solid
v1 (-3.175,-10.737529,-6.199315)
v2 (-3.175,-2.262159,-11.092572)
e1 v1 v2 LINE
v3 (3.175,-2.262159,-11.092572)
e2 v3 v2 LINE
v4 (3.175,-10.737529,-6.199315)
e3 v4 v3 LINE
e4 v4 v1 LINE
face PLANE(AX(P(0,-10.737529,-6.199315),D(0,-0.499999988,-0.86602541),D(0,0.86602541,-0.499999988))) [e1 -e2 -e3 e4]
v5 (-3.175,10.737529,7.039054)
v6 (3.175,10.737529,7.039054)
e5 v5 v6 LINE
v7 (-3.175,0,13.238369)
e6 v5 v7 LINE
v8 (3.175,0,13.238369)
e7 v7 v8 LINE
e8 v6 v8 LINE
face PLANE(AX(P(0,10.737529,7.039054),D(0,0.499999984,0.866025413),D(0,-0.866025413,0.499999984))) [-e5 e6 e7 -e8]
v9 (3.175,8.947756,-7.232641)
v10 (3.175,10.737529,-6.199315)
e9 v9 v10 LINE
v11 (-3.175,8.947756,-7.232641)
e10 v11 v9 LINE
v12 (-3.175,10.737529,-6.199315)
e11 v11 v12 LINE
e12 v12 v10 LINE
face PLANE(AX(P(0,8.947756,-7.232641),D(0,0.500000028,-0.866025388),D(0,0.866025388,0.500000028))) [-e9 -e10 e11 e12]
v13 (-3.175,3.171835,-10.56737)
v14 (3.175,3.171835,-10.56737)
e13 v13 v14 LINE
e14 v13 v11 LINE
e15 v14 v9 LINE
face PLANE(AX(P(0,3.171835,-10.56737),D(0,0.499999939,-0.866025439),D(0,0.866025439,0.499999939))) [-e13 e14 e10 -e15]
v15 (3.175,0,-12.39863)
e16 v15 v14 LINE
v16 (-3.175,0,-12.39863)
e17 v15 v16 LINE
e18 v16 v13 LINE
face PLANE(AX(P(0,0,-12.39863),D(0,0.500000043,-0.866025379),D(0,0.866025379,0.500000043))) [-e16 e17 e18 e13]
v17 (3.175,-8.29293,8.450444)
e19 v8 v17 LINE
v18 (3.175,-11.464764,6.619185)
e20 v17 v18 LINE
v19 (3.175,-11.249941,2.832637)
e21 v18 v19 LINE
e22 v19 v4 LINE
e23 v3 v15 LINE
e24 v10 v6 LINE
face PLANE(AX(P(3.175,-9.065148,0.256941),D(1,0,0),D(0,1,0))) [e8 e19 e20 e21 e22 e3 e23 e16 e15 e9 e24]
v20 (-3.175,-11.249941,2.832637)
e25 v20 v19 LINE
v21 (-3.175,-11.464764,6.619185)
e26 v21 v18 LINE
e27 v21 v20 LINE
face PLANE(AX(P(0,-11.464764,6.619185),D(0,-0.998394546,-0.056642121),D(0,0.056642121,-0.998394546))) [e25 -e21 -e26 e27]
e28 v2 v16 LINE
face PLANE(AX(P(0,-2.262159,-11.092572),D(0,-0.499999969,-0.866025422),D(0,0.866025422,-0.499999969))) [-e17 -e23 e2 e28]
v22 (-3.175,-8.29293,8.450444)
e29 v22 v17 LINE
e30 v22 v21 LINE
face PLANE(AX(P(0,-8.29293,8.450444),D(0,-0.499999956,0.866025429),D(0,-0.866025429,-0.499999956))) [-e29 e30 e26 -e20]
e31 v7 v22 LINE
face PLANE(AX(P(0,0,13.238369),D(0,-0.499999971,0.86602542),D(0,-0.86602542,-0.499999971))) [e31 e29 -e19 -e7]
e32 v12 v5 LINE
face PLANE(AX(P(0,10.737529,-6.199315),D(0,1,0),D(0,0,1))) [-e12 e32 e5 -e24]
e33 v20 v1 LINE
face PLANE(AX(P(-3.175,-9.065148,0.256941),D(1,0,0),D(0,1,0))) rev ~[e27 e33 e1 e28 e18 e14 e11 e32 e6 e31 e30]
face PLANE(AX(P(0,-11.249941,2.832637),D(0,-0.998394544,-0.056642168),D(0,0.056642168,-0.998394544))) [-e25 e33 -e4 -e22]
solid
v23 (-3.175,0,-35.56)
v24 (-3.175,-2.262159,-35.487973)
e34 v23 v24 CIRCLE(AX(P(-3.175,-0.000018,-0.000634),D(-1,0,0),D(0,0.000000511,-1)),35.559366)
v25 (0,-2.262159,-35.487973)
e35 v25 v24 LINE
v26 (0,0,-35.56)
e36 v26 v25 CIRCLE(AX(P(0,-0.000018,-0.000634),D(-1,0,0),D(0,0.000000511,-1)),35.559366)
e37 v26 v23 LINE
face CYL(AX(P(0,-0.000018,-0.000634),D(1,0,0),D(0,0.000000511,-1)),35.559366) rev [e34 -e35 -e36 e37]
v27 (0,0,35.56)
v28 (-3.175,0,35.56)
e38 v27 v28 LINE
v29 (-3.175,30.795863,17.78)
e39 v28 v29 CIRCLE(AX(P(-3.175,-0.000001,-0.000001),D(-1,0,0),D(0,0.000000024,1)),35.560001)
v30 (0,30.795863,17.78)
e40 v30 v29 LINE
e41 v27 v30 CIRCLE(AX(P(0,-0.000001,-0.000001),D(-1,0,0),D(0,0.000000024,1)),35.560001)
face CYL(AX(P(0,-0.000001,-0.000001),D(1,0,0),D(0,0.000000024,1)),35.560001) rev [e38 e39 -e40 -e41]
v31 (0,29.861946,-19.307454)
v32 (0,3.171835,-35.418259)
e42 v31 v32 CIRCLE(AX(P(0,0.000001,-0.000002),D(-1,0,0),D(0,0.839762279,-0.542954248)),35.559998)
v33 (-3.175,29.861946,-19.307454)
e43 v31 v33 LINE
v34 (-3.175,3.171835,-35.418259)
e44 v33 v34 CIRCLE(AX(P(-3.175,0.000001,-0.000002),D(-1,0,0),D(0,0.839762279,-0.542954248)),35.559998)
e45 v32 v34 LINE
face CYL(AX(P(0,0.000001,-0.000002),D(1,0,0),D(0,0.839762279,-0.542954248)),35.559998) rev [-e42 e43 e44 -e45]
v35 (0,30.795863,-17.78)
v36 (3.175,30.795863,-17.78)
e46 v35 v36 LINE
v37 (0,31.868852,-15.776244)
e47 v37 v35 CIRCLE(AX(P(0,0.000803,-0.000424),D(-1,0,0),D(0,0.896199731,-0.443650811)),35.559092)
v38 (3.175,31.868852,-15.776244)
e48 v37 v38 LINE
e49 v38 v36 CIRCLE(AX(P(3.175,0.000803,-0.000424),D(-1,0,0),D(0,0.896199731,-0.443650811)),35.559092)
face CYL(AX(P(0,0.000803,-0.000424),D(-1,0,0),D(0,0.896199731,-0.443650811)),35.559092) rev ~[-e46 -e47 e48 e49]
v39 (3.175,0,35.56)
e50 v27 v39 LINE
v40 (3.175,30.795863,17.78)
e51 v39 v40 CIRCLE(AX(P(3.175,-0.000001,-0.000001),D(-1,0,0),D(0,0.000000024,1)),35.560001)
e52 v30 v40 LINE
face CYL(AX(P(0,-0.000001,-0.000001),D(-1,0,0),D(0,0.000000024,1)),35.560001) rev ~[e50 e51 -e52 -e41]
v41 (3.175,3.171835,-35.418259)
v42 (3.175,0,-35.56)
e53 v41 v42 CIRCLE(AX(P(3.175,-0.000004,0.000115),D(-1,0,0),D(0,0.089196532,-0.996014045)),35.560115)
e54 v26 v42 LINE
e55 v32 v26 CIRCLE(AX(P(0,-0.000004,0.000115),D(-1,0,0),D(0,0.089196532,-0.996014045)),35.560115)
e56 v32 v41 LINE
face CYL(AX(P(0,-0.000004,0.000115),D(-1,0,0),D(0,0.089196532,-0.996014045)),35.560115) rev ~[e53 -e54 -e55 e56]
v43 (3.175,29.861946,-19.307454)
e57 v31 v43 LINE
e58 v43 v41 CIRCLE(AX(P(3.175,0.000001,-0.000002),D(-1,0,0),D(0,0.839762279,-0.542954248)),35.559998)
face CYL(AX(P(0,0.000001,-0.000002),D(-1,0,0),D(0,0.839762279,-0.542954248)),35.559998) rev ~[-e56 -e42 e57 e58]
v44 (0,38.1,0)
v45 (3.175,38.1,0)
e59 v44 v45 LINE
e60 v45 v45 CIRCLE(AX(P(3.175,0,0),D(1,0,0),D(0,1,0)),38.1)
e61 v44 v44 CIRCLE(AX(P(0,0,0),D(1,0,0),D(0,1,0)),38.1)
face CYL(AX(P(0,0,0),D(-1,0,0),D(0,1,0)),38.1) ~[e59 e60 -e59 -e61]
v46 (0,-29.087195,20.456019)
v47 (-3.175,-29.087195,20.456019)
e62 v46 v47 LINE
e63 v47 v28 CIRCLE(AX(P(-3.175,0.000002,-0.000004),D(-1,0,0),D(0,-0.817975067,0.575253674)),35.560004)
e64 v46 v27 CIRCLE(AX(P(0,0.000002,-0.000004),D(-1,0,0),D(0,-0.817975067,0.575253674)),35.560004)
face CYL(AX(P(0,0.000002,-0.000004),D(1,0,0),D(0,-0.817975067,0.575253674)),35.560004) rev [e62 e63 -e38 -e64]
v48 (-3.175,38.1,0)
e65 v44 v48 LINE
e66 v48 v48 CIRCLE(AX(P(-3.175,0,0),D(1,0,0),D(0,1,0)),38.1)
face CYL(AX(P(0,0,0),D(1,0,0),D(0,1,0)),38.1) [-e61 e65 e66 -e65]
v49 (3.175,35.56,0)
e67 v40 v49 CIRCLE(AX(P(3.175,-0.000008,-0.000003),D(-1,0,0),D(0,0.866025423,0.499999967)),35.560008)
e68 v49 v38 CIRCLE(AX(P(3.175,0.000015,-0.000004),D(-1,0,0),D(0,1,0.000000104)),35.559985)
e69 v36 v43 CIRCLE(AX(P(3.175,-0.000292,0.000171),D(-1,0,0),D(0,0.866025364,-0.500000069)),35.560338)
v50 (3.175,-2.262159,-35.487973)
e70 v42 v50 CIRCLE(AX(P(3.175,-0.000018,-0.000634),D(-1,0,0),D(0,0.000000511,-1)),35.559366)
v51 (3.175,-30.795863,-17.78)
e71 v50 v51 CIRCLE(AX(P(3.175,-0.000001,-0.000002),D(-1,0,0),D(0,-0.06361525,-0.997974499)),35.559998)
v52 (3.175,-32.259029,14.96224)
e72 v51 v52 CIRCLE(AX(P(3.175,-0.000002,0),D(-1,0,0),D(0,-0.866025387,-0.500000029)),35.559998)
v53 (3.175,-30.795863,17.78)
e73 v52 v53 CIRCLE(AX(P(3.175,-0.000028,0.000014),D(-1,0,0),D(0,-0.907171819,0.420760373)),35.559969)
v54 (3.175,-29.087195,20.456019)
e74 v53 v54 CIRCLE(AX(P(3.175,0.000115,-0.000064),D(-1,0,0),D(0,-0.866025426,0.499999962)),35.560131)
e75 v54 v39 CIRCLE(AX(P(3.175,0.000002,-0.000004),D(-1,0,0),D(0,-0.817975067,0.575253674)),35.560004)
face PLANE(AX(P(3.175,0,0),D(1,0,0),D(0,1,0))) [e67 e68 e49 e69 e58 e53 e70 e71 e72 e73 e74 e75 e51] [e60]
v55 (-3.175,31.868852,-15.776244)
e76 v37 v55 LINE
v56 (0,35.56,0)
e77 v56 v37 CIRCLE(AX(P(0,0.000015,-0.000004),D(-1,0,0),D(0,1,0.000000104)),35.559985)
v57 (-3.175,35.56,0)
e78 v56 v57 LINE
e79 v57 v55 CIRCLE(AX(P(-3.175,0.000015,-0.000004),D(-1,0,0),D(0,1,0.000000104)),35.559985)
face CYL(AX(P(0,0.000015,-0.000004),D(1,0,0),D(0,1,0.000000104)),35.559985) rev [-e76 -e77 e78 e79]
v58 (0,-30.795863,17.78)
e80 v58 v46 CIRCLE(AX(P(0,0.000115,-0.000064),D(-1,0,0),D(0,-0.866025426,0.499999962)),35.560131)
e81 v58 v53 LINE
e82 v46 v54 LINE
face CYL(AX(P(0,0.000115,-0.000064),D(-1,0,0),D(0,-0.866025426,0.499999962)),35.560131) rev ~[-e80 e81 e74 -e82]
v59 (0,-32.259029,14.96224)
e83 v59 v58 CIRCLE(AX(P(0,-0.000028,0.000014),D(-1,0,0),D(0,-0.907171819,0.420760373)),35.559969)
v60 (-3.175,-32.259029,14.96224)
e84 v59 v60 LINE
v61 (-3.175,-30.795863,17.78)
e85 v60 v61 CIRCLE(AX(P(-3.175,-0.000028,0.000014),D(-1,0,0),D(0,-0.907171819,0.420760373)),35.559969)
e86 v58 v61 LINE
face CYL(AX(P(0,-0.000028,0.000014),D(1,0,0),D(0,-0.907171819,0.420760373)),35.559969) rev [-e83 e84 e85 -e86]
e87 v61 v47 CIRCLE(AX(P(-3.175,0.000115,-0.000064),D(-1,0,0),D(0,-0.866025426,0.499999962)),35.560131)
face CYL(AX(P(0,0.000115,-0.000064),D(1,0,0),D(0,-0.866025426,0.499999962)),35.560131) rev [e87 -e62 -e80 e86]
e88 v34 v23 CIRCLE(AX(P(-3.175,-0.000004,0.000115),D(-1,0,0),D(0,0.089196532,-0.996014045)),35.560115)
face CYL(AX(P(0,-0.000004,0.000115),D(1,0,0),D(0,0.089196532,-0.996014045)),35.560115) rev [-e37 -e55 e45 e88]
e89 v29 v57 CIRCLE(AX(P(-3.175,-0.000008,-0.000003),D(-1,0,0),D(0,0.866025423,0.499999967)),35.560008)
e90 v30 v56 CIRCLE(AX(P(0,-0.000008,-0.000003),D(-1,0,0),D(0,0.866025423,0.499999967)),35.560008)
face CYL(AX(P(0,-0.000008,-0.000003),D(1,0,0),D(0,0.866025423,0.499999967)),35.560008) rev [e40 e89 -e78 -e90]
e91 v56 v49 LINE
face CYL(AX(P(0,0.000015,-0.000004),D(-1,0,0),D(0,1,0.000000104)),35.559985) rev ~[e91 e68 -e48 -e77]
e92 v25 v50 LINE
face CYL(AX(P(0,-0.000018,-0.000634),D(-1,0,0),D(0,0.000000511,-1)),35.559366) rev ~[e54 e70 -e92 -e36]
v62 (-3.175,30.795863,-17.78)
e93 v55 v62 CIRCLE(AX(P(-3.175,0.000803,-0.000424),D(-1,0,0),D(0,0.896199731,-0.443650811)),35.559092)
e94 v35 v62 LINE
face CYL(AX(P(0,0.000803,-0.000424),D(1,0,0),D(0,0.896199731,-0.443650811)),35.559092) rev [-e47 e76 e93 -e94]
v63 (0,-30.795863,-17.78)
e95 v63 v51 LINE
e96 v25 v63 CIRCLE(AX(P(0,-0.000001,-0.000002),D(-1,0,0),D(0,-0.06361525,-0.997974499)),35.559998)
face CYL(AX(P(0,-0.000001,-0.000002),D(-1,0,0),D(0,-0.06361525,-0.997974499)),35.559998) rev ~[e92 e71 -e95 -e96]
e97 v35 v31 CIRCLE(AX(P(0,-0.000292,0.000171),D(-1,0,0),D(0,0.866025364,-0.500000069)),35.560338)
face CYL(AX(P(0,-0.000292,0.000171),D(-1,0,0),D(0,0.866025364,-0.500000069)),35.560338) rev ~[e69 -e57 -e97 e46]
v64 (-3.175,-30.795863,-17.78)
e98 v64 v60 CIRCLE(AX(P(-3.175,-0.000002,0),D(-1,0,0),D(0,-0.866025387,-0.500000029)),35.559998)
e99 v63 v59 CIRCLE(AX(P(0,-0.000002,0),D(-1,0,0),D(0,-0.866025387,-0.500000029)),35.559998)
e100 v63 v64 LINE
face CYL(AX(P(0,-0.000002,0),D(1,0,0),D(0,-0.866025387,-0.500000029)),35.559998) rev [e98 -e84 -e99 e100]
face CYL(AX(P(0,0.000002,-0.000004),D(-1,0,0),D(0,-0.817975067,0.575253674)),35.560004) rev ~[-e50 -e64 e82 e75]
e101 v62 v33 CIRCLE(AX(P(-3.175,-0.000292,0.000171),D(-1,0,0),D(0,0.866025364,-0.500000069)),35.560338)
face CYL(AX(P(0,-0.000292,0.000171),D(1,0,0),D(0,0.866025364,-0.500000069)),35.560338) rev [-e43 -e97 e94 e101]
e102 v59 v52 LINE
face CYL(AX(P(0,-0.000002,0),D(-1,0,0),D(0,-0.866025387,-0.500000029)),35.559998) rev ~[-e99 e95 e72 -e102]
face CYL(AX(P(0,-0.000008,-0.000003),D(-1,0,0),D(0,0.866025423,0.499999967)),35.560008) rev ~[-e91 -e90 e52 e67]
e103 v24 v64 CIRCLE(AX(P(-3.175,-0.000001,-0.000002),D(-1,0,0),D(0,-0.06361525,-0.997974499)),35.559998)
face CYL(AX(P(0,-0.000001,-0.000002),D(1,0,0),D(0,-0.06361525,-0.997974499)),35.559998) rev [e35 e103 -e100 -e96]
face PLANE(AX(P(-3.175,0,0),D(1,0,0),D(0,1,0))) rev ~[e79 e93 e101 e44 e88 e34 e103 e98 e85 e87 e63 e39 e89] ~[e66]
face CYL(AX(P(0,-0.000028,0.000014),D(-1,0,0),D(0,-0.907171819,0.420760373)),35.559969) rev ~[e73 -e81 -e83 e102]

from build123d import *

# Parameters (mm, degrees)
F0_R     = 38.1
F1_DEPTH = 3.175


with BuildPart() as f1:
    # F0 (on Right) → F1 (new body, symmetric)
    with BuildSketch(Plane.YZ):
        Circle(F0_R)
        with BuildLine():
            ThreePointArc((0, 35.56), (17.78, 30.795863), (30.795863, 17.78))
            ThreePointArc((30.795863, 17.78), (34.348322, 9.203605), (35.56, 0))
            ThreePointArc((35.56, 0), (34.624919, -8.101149), (31.868852, -15.776244))
            ThreePointArc((31.868852, -15.776244), (31.348372, -16.786697), (30.795863, -17.78))
            ThreePointArc((30.795863, -17.78), (30.338519, -18.549605), (29.861946, -19.307454))
            ThreePointArc((29.861946, -19.307454), (18.376539, -30.44366), (3.171835, -35.418259))
            ThreePointArc((3.171835, -35.418259), (1.5875, -35.524547), (0, -35.56))
            ThreePointArc((0, -35.56), (-1.131652, -35.541989), (-2.262159, -35.487973))
            ThreePointArc((-2.262159, -35.487973), (-18.751034, -30.214439), (-30.795863, -17.78))
            ThreePointArc((-30.795863, -17.78), (-35.524547, -1.5875), (-32.259029, 14.96224))
            ThreePointArc((-32.259029, 14.96224), (-31.55891, 16.387458), (-30.795863, 17.78))
            ThreePointArc((-30.795863, 17.78), (-29.97141, 19.137089), (-29.087195, 20.456019))
            ThreePointArc((-29.087195, 20.456019), (-16.387458, 31.55891), (0, 35.56))
        make_face(mode=Mode.SUBTRACT)
        Polygon((-6.096, -3.519527), (-6.096, 3.519527), (-11.464764, 6.619185), (-11.249941, 2.832637), (-10.737529, -6.199315), align=None)
        Polygon((-6.096, 3.519527), (0, 7.039054), (0, 13.238369), (-8.29293, 8.450444), (-11.464764, 6.619185), align=None)
        Polygon((0, 7.039054), (6.096, 3.519527), (10.737529, 6.199315), (10.737529, 7.039054), (0, 13.238369), align=None)
        Polygon((10.737529, 6.199315), (6.096, 3.519527), (6.096, -3.519527), (10.737529, -6.199315), (10.737529, -3.576068), align=None)
        Polygon((10.737529, -6.199315), (6.096, -3.519527), (0, -7.039054), (0, -12.39863), (3.171835, -10.56737), (8.947756, -7.232641), align=None)
        Polygon((0, -12.39863), (0, -7.039054), (-6.096, -3.519527), (-10.737529, -6.199315), (-2.262159, -11.092572), align=None)
        Polygon((6.096, -3.519527), (6.096, 3.519527), (0, 7.039054), (-6.096, 3.519527), (-6.096, -3.519527), (0, -7.039054), align=None)
    extrude(amount=F1_DEPTH, both=True)


solid = f1.part
